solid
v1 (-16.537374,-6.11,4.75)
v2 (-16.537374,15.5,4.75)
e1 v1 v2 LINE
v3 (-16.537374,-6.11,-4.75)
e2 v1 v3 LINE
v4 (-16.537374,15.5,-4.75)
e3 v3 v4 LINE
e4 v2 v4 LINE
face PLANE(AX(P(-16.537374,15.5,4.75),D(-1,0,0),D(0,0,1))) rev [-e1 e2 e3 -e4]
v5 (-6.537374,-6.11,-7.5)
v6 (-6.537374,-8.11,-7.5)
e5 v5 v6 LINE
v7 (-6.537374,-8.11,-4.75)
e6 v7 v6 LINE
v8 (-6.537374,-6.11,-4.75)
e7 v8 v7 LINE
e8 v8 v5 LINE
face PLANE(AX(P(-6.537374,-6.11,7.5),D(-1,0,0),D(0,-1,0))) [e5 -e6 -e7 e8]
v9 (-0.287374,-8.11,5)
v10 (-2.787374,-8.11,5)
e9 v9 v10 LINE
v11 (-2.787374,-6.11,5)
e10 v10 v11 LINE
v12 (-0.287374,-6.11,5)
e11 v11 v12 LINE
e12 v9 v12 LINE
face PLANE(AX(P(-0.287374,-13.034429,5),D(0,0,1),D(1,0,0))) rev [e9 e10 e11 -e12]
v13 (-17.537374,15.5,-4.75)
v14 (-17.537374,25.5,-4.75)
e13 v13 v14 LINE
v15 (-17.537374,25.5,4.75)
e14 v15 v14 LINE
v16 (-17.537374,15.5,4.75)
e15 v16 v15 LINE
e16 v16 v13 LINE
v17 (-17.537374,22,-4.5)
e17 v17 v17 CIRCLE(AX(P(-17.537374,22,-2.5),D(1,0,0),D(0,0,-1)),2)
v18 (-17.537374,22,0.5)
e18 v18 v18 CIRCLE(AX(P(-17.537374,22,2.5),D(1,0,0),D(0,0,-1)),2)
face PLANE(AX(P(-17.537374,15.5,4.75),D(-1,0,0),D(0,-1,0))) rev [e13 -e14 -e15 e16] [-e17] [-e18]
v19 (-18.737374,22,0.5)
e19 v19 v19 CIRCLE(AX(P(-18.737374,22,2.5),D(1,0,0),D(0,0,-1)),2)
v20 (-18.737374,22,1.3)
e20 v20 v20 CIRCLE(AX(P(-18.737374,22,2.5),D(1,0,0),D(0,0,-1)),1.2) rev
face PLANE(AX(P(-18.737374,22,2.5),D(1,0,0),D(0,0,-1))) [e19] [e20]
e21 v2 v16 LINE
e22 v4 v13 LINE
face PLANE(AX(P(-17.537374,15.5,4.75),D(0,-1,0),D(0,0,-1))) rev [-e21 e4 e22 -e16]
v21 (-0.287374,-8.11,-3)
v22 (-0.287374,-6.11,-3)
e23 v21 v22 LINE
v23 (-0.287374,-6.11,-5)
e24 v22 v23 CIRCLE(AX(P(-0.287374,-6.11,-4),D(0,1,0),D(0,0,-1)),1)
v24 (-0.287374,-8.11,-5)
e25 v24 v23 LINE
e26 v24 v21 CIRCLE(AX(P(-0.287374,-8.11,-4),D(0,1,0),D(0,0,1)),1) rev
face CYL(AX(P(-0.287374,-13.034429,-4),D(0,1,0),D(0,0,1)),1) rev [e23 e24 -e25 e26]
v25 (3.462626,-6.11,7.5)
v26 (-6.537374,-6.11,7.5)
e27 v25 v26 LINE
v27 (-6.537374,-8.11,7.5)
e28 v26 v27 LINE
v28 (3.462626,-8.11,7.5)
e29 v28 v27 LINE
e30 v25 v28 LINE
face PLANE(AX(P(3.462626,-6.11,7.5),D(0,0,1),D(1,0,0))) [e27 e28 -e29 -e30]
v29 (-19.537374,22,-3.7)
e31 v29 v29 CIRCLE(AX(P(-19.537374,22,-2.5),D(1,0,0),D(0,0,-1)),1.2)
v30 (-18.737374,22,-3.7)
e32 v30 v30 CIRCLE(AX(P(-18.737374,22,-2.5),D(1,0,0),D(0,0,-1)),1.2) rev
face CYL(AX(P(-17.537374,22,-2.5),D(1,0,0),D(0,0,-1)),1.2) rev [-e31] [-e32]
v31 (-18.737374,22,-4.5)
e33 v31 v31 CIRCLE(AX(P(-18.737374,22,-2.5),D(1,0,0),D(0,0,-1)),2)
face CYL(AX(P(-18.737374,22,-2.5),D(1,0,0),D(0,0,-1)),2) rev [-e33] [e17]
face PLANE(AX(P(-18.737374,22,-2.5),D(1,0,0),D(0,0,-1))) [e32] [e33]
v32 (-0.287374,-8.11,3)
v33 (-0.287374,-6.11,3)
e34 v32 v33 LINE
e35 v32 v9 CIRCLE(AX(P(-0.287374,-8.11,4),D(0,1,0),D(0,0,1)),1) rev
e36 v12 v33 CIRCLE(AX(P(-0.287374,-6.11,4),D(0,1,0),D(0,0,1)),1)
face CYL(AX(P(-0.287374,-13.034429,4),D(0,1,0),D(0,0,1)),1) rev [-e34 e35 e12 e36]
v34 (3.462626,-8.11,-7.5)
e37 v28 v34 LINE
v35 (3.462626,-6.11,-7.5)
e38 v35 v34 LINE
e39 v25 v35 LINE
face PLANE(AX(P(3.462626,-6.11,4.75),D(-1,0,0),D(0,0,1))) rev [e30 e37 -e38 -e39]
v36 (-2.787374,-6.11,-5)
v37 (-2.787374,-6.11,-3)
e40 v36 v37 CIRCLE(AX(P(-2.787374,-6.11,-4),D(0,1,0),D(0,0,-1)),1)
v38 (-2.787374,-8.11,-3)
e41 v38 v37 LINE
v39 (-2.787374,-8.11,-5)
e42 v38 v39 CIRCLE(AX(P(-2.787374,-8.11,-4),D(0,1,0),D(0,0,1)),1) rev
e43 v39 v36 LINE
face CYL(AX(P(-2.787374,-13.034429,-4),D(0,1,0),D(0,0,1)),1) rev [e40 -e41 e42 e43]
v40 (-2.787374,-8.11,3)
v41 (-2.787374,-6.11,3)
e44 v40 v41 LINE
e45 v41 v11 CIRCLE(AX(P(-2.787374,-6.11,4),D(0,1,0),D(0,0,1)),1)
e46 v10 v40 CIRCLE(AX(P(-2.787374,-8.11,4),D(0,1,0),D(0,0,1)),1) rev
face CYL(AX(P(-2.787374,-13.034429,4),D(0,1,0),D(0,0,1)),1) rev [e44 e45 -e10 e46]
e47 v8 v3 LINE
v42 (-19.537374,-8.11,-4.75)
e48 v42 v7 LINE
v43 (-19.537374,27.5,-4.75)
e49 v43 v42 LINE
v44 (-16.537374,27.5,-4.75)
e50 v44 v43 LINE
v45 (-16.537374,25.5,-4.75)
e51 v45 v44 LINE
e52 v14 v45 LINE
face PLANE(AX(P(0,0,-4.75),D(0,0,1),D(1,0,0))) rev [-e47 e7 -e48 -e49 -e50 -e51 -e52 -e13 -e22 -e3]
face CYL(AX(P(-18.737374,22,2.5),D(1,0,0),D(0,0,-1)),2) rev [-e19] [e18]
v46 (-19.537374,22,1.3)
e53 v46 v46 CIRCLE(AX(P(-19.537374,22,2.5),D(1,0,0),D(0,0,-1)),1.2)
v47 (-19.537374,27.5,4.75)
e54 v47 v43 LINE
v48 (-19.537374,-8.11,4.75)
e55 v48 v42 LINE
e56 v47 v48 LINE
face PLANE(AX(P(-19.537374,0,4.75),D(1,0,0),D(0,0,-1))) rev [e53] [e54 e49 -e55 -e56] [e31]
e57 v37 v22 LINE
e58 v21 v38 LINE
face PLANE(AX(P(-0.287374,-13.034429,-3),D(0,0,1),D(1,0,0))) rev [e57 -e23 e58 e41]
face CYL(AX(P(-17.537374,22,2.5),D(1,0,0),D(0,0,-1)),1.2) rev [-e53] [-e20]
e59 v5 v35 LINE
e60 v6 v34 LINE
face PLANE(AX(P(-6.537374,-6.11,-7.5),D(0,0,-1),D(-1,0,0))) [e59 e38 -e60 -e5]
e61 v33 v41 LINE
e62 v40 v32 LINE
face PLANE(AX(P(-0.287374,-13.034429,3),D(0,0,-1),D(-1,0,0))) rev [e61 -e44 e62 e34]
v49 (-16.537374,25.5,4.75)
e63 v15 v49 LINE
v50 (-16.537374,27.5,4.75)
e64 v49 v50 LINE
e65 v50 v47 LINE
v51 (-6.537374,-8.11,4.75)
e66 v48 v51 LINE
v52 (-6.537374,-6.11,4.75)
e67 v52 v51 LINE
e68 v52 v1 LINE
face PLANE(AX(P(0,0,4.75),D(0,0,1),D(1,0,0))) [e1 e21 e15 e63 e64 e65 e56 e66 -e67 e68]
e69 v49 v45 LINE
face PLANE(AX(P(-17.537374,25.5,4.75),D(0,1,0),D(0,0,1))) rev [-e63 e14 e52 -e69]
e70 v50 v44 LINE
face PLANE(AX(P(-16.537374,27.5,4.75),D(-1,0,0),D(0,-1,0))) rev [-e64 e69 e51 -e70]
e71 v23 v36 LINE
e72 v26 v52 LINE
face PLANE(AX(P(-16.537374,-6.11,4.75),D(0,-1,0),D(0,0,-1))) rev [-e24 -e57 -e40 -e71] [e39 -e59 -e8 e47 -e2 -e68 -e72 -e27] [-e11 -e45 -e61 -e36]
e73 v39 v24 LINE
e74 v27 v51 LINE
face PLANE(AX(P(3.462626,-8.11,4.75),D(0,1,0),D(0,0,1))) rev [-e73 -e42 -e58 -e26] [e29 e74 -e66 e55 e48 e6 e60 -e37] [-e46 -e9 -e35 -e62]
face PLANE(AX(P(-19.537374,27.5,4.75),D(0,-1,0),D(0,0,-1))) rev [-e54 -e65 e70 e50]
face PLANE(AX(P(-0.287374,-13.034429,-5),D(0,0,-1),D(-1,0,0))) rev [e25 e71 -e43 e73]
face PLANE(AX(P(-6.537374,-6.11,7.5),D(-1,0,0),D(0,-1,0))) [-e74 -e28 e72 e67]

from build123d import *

# Parameters (mm, degrees)
BOSS_EXTRUDE1_DEPTH  = 4.75
M2_CLEARANCE_HOLE1_D = 2.4
SKETCH4_R            = 2
CUT_EXTRUDE1_DEPTH   = 1.2
SKETCH5_W            = 10
SKETCH5_H            = 15
BOSS_EXTRUDE2_DEPTH  = 2
CUT_EXTRUDE2_DEPTH   = 2


with BuildPart() as part:
    # Sketch1 → Boss-Extrude1 (new, symmetric)
    with BuildSketch(Plane.XY):
        Polygon((-17.53737418, 15.5), (-17.53737418, 25.5), (-16.53737418, 25.5), (-16.53737418, 27.5), (-19.53737418, 27.5), (-19.53737418, 0), (-19.53737418, -8.11), (-11.42737418, -8.11), (3.46262582, -8.11), (3.46262582, -6.11), (-12.42737418, -6.11), (-16.53737418, -6.11), (-16.53737418, 12.5), (-16.53737418, 15.5), align=None)
    extrude(amount=BOSS_EXTRUDE1_DEPTH, both=True)

    # M2 Clearance Hole1 (through all)
    with Locations(Plane(origin=(-17.53737418, 22, 2.5), x_dir=(0, 1, 0), z_dir=(1, 0, 0))):
        with Locations((0, 0), (0, -5)):
            Hole(M2_CLEARANCE_HOLE1_D / 2)

    # Sketch4 → Cut-Extrude1 (cut)
    with BuildSketch(Plane(origin=(-17.53737418, 0, 0), x_dir=(0, 0, -1), z_dir=(1, 0, 0))):
        with Locations((-2.5, 22)):
            Circle(SKETCH4_R)
        with Locations((2.5, 22)):
            Circle(SKETCH4_R)
    extrude(amount=-CUT_EXTRUDE1_DEPTH, mode=Mode.SUBTRACT)

    # Sketch5 → Boss-Extrude2 (add)
    with BuildSketch(Plane.XZ.offset(8.11)):
        with Locations((-1.53737418, 0)):
            Rectangle(SKETCH5_W, SKETCH5_H)
    extrude(amount=-BOSS_EXTRUDE2_DEPTH)

    # Sketch6 → Cut-Extrude2 (cut)
    with BuildSketch(Plane(origin=(0, -6.11, 0), x_dir=(1, 0, 0), z_dir=(0, 1, 0))):
        with BuildLine():
            Line((-0.28737418, -5), (-2.78737418, -5))
            ThreePointArc((-2.78737418, -5), (-3.78737418, -4), (-2.78737418, -3))
            Line((-2.78737418, -3), (-0.28737418, -3))
            ThreePointArc((-0.28737418, -3), (0.71262582, -4), (-0.28737418, -5))
        make_face()
        with BuildLine():
            Line((-0.28737418, 5), (-2.78737418, 5))
            ThreePointArc((-2.78737418, 5), (-3.78737418, 4), (-2.78737418, 3))
            Line((-2.78737418, 3), (-0.28737418, 3))
            ThreePointArc((-0.28737418, 3), (0.71262582, 4), (-0.28737418, 5))
        make_face()
    extrude(amount=-CUT_EXTRUDE2_DEPTH, mode=Mode.SUBTRACT)


solid = part.part
